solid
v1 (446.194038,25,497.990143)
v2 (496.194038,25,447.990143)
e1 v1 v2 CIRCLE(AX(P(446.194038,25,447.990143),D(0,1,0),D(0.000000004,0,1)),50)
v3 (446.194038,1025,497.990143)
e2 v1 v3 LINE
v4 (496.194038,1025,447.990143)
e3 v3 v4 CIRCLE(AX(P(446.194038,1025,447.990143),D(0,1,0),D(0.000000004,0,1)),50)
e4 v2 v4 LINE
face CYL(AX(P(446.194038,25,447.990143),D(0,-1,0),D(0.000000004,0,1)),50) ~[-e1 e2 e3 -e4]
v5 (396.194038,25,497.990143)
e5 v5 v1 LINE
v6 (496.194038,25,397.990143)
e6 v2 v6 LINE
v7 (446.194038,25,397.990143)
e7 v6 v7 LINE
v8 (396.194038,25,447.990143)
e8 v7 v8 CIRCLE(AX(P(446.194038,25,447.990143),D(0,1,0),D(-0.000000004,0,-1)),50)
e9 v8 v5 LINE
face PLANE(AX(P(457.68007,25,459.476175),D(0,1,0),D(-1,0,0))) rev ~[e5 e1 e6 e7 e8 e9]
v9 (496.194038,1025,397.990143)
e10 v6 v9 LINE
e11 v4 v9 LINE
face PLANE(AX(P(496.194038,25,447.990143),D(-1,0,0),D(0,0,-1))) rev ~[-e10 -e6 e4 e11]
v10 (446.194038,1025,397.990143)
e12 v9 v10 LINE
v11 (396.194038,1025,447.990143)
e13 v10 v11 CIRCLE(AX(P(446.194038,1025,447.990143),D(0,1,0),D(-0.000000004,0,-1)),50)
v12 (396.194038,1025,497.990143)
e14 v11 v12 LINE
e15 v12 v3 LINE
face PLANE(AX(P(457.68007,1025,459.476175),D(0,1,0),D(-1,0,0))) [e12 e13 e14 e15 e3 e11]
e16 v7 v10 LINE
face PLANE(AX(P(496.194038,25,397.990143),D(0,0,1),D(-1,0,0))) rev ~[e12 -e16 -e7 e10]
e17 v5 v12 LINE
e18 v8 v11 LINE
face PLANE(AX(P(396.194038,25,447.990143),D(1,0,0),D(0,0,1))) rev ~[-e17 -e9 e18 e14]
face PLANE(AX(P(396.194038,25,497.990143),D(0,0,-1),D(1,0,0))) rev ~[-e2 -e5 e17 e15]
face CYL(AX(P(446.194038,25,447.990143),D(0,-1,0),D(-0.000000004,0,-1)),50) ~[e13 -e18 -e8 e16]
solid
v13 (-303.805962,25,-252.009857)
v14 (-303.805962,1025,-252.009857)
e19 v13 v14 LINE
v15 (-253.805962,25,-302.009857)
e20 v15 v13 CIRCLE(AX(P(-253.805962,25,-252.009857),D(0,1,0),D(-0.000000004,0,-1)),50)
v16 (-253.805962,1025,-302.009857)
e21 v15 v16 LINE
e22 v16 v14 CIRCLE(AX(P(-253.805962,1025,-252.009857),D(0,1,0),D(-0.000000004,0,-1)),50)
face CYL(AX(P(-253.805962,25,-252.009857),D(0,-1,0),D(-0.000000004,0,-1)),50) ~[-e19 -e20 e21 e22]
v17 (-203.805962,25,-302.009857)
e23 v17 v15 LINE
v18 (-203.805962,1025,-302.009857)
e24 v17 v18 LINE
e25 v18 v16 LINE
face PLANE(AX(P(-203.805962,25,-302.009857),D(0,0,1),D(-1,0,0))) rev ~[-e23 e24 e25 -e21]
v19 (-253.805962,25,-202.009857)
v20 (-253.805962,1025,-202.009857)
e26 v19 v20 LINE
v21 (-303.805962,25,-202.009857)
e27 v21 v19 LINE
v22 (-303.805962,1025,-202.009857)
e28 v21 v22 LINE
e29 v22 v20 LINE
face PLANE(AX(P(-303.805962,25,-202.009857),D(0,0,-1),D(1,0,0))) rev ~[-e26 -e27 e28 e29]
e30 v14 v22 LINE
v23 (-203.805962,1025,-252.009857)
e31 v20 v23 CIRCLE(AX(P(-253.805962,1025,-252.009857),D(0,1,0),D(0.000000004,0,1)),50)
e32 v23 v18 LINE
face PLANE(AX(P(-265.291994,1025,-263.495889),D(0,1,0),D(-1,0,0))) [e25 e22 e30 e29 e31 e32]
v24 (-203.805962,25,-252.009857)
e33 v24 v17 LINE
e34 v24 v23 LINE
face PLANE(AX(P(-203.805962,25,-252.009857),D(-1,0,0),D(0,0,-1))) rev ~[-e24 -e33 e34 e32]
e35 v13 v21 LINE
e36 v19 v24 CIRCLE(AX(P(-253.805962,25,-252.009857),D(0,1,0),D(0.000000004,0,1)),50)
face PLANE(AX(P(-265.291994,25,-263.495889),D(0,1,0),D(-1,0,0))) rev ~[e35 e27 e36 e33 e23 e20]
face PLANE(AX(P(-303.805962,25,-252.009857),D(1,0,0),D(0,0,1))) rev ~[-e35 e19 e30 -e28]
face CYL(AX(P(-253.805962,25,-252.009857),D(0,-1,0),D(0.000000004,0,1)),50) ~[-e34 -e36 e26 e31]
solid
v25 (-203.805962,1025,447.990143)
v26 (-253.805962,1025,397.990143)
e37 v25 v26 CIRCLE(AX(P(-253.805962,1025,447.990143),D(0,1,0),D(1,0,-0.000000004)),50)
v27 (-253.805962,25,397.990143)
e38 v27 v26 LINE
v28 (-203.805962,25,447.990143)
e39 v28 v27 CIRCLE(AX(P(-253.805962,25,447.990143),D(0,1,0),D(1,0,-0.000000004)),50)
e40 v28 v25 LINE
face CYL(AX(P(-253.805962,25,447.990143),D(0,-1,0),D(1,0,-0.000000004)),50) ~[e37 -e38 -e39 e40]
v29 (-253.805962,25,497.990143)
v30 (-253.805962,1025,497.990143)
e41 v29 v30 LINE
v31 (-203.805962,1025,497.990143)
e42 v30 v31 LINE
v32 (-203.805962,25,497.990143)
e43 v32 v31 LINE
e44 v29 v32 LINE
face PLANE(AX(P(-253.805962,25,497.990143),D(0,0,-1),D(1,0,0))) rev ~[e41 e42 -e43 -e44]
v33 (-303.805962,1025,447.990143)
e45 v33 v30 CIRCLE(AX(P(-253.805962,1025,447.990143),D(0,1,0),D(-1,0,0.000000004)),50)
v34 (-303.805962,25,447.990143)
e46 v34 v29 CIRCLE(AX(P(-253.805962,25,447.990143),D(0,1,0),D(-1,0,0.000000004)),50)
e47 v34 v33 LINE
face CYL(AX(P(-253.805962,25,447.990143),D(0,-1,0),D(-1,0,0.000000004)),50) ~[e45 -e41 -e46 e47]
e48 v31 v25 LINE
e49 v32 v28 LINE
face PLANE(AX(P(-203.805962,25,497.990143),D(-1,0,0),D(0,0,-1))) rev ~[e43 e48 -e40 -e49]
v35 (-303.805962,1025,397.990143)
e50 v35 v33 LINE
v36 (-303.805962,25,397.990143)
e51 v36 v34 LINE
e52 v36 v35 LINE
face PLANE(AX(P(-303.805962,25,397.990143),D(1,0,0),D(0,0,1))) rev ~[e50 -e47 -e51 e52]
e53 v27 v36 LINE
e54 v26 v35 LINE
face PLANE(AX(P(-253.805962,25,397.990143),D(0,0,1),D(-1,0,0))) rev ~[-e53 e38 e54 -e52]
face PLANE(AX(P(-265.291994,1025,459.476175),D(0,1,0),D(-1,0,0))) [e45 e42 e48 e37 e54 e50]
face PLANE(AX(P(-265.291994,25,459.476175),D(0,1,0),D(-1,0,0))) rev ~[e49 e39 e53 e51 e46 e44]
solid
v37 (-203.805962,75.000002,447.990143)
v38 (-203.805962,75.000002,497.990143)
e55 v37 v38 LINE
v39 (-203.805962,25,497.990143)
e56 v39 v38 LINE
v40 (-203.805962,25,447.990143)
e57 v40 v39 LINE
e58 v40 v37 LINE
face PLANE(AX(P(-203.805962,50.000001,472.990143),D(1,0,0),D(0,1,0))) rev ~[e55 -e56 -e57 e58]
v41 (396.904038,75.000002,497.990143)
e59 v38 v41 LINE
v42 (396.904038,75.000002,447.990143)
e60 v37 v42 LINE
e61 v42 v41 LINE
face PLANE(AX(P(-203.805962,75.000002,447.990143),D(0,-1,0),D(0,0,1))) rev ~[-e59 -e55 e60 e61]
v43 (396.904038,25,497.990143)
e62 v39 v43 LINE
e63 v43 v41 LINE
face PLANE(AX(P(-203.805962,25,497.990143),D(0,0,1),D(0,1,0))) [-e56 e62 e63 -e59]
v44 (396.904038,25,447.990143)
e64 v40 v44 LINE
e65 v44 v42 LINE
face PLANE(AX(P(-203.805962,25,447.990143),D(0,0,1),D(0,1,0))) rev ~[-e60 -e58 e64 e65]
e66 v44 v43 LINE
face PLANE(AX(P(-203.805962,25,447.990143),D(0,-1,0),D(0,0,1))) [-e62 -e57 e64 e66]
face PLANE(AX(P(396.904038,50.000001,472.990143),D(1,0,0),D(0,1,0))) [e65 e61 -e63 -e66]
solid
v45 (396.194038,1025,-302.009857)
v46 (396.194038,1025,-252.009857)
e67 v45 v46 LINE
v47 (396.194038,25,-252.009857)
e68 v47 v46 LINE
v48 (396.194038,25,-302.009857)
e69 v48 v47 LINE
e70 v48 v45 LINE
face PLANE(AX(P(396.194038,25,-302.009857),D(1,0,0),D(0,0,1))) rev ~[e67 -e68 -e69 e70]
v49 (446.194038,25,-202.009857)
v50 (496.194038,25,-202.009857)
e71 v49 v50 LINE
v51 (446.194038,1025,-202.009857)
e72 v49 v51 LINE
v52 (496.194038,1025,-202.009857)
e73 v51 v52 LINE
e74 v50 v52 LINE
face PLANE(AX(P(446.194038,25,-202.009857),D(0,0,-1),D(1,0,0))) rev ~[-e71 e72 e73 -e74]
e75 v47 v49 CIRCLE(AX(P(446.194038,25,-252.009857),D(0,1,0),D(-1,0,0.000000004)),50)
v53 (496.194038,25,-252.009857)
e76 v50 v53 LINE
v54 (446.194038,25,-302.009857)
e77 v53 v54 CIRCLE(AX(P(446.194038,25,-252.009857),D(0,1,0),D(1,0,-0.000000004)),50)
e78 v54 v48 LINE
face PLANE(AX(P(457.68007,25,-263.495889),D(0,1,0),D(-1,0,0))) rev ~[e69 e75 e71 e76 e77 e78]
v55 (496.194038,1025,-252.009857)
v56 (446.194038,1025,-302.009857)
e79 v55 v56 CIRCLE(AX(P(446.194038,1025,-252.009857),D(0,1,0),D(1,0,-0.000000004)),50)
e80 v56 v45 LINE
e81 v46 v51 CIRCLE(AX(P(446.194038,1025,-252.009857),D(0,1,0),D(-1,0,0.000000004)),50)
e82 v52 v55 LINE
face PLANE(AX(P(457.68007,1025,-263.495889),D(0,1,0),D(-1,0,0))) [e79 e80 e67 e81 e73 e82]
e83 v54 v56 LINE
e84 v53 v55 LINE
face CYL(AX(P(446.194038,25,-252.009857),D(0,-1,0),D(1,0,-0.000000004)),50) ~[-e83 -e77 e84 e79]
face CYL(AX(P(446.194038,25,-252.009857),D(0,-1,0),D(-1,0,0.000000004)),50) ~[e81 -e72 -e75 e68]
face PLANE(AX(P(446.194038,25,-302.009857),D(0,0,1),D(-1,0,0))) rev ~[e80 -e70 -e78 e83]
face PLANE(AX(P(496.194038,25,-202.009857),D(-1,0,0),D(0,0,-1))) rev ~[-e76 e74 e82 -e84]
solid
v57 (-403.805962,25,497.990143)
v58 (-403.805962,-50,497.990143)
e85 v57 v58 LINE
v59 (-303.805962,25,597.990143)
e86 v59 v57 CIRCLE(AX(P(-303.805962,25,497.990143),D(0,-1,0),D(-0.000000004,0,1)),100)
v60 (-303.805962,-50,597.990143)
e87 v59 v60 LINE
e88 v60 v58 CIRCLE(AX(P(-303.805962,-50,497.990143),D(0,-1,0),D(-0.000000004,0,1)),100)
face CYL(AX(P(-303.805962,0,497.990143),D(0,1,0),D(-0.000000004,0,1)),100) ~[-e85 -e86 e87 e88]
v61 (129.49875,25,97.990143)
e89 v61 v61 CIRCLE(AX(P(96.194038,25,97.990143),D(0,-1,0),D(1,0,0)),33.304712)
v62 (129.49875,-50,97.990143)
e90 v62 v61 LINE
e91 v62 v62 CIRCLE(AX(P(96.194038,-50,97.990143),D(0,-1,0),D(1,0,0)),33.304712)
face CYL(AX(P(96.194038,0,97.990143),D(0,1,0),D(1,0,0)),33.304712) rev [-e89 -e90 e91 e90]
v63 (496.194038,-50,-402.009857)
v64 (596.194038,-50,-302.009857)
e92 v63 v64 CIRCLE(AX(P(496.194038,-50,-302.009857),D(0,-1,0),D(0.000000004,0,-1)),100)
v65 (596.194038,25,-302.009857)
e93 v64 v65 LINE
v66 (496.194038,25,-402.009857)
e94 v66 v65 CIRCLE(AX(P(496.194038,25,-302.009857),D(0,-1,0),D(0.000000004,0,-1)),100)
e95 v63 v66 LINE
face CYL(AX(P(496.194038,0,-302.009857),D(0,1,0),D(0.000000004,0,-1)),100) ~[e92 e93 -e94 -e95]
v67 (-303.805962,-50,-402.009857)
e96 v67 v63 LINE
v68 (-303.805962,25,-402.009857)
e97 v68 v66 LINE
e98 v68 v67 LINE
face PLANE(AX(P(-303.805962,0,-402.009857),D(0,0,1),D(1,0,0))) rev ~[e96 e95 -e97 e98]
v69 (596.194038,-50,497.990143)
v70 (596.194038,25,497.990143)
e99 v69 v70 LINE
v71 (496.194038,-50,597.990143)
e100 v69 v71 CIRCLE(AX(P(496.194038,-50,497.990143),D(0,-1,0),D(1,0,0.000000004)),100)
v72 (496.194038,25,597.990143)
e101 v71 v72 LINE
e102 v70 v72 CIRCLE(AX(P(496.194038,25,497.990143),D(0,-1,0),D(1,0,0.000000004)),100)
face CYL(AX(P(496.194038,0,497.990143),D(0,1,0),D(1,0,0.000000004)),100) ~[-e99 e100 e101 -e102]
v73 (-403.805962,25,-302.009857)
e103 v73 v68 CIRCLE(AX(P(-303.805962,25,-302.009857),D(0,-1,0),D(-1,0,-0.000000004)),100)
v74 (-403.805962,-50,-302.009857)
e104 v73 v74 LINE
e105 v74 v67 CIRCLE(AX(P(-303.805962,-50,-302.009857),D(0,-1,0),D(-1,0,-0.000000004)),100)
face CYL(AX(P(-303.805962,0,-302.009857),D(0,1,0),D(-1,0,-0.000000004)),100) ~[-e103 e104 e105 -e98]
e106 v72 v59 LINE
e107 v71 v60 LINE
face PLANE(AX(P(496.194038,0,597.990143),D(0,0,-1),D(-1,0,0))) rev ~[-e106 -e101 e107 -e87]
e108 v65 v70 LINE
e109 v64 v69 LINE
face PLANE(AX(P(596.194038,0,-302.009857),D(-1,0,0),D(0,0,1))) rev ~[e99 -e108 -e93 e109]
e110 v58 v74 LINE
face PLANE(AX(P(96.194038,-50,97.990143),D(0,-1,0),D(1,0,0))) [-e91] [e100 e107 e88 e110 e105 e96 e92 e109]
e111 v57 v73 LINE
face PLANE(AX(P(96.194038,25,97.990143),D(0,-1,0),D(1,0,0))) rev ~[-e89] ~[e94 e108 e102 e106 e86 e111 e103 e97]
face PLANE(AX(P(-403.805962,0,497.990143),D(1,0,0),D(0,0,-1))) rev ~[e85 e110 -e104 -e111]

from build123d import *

# Parameters (mm, degrees)
F0_R     = 33.304712
F1_DEPTH = 25
F3_DEPTH = 1000
F4_DEPTH = 50
F5_W     = 50.000002
F5_H     = 50
F6_DEPTH = 600.71


with BuildPart() as f1:
    # F0 (on Front) → F1 (new body, symmetric)
    with BuildSketch(Plane.XZ):
        with BuildLine():
            Line((496.194038, 597.990143), (-303.805962, 597.990143))
            ThreePointArc((-303.805962, 597.990143), (-374.51664, 568.700821), (-403.805962, 497.990143))
            Line((-403.805962, 497.990143), (-403.805962, -302.009857))
            ThreePointArc((-403.805962, -302.009857), (-374.51664, -372.720535), (-303.805962, -402.009857))
            Line((-303.805962, -402.009857), (496.194038, -402.009857))
            ThreePointArc((496.194038, -402.009857), (566.904716, -372.720535), (596.194038, -302.009857))
            Line((596.194038, -302.009857), (596.194038, 497.990143))
            ThreePointArc((596.194038, 497.990143), (566.904716, 568.700821), (496.194038, 597.990143))
        make_face()
        with Locations((96.194038, 97.990143)):
            Circle(F0_R, mode=Mode.SUBTRACT)
    extrude(amount=F1_DEPTH, both=True)

    # F0 (on Front) → F4 (join)
    with BuildSketch(Plane.XZ):
        with BuildLine():
            Line((496.194038, 597.990143), (-303.805962, 597.990143))
            ThreePointArc((-303.805962, 597.990143), (-374.51664, 568.700821), (-403.805962, 497.990143))
            Line((-403.805962, 497.990143), (-403.805962, -302.009857))
            ThreePointArc((-403.805962, -302.009857), (-374.51664, -372.720535), (-303.805962, -402.009857))
            Line((-303.805962, -402.009857), (496.194038, -402.009857))
            ThreePointArc((496.194038, -402.009857), (566.904716, -372.720535), (596.194038, -302.009857))
            Line((596.194038, -302.009857), (596.194038, 497.990143))
            ThreePointArc((596.194038, 497.990143), (566.904716, 568.700821), (496.194038, 597.990143))
        make_face()
        with Locations((96.194038, 97.990143)):
            Circle(F0_R, mode=Mode.SUBTRACT)
    extrude(amount=F4_DEPTH)


with BuildPart() as f3:
    # F2 (on face) → F3 (new body)
    with BuildSketch(Plane(origin=(0, 25, 0), x_dir=(-1, 0, 0), z_dir=(0, 1, 0))):
        with BuildLine():
            Line((-396.194038, 497.990143), (-446.194038, 497.990143))
            ThreePointArc((-446.194038, 497.990143), (-481.549377, 483.345482), (-496.194038, 447.990143))
            Line((-496.194038, 447.990143), (-496.194038, 397.990143))
            Line((-496.194038, 397.990143), (-396.194038, 497.990143))
        make_face()
        with BuildLine():
            ThreePointArc((303.805962, 447.990143), (289.161301, 483.345482), (253.805962, 497.990143))
            Line((253.805962, 497.990143), (203.805962, 497.990143))
            Line((203.805962, 497.990143), (303.805962, 397.990143))
            Line((303.805962, 397.990143), (303.805962, 447.990143))
        make_face()
        with BuildLine():
            Line((203.805962, -302.009857), (253.805962, -302.009857))
            ThreePointArc((253.805962, -302.009857), (289.161301, -287.365196), (303.805962, -252.009857))
            Line((303.805962, -252.009857), (303.805962, -202.009857))
            Line((303.805962, -202.009857), (203.805962, -302.009857))
        make_face()
        with BuildLine():
            ThreePointArc((-496.194038, -252.009857), (-481.549377, -287.365196), (-446.194038, -302.009857))
            Line((-446.194038, -302.009857), (-396.194038, -302.009857))
            Line((-396.194038, -302.009857), (-496.194038, -202.009857))
            Line((-496.194038, -202.009857), (-496.194038, -252.009857))
        make_face()
        with BuildLine():
            Line((203.805962, -252.009857), (203.805962, -302.009857))
            Line((203.805962, -302.009857), (303.805962, -202.009857))
            Line((303.805962, -202.009857), (253.805962, -202.009857))
            ThreePointArc((253.805962, -202.009857), (218.450623, -216.654518), (203.805962, -252.009857))
        make_face()
        with BuildLine():
            Line((-496.194038, -202.009857), (-396.194038, -302.009857))
            Line((-396.194038, -302.009857), (-396.194038, -252.009857))
            ThreePointArc((-396.194038, -252.009857), (-410.838699, -216.654518), (-446.194038, -202.009857))
            Line((-446.194038, -202.009857), (-496.194038, -202.009857))
        make_face()
        with BuildLine():
            Line((-396.194038, 447.990143), (-396.194038, 497.990143))
            Line((-396.194038, 497.990143), (-496.194038, 397.990143))
            Line((-496.194038, 397.990143), (-446.194038, 397.990143))
            ThreePointArc((-446.194038, 397.990143), (-410.838699, 412.634804), (-396.194038, 447.990143))
        make_face()
        with BuildLine():
            Line((303.805962, 397.990143), (203.805962, 497.990143))
            Line((203.805962, 497.990143), (203.805962, 447.990143))
            ThreePointArc((203.805962, 447.990143), (218.450623, 412.634804), (253.805962, 397.990143))
            Line((253.805962, 397.990143), (303.805962, 397.990143))
        make_face()
    extrude(amount=F3_DEPTH)


with BuildPart() as f6:
    # F5 (on face) → F6 (new body)
    with BuildSketch(Plane.YZ.offset(-203.805962)):
        with Locations((50.000001, 472.990143)):
            Rectangle(F5_W, F5_H)
    extrude(amount=F6_DEPTH)


solid = Compound([f1.part, f3.part, f6.part])
